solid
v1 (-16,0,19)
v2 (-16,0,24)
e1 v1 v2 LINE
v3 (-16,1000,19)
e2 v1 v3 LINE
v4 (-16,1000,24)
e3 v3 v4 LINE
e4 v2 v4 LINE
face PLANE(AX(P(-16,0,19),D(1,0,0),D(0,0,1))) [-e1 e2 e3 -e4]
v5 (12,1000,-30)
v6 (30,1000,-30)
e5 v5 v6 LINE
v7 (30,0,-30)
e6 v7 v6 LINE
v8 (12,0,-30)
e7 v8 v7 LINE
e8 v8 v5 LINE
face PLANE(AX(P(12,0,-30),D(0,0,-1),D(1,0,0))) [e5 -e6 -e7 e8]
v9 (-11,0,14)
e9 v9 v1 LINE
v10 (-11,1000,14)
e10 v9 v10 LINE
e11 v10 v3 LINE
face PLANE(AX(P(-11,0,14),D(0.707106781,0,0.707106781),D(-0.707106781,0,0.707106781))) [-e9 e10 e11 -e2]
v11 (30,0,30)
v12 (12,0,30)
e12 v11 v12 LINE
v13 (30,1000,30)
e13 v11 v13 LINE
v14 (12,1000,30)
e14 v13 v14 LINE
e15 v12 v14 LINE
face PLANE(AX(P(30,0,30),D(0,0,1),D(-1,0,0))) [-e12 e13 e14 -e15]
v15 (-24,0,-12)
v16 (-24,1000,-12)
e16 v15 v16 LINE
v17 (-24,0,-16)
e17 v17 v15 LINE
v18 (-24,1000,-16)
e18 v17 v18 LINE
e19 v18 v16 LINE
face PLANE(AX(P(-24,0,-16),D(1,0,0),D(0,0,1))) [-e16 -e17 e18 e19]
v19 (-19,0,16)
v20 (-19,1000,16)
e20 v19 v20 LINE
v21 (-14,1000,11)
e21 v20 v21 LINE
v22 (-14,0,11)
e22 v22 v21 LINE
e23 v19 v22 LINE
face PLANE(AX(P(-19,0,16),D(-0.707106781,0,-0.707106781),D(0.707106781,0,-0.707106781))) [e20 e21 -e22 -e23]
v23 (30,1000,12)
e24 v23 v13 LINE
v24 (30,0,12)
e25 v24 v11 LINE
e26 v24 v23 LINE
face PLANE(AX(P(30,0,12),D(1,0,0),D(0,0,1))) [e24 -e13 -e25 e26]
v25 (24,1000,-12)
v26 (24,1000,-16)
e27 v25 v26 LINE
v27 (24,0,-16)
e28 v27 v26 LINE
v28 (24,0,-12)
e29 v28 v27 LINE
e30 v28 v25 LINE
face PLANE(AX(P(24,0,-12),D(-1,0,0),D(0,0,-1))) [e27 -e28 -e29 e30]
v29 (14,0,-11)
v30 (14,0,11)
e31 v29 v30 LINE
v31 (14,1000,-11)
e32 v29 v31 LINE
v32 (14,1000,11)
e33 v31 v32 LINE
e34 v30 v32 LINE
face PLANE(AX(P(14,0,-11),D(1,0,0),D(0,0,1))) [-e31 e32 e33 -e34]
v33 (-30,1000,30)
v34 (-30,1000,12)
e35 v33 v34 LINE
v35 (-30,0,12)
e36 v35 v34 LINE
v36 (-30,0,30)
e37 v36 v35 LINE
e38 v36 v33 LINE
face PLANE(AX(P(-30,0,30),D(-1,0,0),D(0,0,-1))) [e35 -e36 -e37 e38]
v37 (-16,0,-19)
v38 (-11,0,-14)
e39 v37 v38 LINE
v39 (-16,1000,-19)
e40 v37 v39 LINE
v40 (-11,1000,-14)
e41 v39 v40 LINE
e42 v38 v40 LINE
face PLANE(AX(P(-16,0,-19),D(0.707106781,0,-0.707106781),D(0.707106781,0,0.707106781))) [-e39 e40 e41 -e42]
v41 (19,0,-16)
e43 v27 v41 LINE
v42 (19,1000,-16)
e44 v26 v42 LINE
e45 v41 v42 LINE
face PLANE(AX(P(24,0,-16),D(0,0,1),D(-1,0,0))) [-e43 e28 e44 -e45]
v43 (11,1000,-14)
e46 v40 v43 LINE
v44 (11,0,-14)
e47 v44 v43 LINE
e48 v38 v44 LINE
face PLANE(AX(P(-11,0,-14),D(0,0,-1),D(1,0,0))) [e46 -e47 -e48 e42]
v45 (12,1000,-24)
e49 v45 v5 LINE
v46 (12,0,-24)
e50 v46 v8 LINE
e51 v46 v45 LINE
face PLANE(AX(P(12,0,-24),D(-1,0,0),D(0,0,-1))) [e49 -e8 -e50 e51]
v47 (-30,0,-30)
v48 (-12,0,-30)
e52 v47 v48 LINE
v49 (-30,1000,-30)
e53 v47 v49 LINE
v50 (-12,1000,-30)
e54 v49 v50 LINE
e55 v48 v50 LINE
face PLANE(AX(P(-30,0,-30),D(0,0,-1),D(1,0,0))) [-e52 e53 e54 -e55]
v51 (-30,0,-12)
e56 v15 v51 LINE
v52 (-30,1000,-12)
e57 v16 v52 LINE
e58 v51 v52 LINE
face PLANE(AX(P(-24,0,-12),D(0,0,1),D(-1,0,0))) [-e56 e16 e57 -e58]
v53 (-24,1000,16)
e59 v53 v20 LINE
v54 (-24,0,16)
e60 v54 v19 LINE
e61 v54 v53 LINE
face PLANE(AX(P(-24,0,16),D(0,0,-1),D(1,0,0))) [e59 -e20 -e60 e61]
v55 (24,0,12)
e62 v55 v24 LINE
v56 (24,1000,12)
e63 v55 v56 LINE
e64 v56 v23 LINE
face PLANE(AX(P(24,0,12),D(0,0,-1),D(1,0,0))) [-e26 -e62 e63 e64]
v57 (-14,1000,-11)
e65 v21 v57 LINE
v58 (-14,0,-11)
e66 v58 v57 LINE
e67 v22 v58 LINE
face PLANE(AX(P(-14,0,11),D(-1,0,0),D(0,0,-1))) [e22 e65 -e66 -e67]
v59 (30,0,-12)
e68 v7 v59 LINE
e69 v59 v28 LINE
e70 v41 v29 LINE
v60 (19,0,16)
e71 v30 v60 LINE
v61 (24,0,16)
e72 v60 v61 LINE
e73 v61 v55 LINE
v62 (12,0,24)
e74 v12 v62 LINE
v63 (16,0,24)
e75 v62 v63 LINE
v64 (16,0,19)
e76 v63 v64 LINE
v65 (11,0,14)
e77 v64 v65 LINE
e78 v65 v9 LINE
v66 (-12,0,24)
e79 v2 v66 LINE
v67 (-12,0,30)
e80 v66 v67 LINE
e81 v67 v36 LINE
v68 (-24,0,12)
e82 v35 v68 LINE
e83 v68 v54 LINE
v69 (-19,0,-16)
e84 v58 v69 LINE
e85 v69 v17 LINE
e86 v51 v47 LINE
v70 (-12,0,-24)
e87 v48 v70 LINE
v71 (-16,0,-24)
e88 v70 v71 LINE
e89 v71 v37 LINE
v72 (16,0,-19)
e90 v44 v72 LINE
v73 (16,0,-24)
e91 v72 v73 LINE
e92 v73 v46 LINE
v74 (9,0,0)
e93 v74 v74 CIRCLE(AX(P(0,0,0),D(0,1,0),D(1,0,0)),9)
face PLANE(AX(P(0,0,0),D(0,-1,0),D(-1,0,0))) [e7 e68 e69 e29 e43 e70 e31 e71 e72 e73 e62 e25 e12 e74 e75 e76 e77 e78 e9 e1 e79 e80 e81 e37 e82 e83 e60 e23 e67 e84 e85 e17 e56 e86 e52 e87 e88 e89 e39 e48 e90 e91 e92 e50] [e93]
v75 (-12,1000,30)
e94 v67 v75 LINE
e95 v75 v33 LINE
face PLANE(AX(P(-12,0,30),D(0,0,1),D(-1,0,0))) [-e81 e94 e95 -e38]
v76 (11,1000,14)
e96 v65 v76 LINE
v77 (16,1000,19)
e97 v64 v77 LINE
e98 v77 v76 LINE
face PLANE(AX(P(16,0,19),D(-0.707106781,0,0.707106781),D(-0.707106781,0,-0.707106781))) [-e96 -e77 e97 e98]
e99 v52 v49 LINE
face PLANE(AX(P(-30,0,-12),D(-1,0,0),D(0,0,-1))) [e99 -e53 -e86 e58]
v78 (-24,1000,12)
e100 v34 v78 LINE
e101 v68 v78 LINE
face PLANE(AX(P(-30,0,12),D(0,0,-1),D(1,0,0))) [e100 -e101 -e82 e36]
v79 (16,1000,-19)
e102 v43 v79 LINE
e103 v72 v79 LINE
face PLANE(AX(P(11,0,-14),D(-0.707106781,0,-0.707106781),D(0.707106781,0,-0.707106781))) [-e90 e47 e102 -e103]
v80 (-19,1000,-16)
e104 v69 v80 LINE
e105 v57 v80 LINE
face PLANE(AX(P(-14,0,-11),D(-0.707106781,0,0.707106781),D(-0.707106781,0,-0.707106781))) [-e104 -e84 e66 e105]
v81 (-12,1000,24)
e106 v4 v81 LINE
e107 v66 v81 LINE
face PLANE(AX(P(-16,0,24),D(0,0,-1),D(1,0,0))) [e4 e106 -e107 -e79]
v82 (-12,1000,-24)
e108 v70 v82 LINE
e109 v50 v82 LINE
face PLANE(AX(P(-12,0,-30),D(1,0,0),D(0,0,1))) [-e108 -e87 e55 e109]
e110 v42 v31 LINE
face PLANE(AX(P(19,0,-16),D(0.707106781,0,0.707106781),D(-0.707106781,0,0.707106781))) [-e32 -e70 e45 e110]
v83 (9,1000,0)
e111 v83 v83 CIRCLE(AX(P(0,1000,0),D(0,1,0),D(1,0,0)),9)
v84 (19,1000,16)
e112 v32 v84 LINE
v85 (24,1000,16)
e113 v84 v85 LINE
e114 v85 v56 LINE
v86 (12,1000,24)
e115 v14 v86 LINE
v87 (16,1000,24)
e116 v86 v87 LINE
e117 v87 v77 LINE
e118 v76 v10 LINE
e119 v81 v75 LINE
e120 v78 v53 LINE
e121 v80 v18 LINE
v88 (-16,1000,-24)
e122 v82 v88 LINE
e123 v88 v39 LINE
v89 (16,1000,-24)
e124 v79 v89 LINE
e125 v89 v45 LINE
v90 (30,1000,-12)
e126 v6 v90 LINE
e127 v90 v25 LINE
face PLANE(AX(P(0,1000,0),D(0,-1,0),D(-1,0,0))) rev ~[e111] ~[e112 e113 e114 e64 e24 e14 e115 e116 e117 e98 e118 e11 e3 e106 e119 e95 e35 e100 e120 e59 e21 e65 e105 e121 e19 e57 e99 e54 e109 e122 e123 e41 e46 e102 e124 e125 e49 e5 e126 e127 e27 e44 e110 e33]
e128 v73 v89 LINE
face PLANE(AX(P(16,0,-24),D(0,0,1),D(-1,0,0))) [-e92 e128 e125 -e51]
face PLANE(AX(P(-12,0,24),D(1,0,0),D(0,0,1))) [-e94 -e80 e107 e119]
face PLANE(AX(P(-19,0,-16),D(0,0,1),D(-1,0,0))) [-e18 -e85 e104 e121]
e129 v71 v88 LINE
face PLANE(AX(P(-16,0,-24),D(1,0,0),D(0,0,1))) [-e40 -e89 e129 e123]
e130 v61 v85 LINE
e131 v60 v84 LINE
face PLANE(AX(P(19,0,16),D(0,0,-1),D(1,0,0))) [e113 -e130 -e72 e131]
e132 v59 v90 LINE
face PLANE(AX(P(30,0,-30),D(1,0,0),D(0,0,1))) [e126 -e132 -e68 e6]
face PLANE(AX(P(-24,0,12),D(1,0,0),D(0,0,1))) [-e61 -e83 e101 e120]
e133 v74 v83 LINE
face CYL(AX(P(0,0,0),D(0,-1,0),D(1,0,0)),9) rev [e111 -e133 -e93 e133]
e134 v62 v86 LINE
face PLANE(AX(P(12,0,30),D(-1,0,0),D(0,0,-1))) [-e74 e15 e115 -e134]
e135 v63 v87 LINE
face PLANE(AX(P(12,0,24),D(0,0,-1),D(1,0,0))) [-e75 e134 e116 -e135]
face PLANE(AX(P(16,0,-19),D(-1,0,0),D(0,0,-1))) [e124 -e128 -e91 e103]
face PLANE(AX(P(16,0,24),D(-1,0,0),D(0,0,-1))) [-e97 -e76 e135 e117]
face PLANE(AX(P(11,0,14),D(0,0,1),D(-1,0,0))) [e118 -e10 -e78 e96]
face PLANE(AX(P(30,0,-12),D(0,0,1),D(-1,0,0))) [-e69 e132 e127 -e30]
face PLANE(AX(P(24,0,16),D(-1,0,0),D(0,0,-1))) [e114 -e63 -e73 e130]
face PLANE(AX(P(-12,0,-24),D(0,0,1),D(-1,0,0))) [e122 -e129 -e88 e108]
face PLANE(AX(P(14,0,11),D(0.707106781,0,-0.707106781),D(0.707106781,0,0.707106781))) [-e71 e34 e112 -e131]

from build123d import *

# Parameters (mm, degrees)
SKETCH1_R           = 9
BOSS_EXTRUDE1_DEPTH = 1000


with BuildPart() as part:
    # Sketch1 → Boss-Extrude1 (new body)
    with BuildSketch(Plane(origin=(0, 0, 0), x_dir=(1, 0, 0), z_dir=(0, 1, 0))):
        Polygon((-30, 30), (-12, 30), (-12, 24), (-16, 24), (-16, 19), (-11, 14), (11, 14), (16, 19), (16, 24), (12, 24), (12, 30), (30, 30), (30, 12), (24, 12), (24, 16), (19, 16), (14, 11), (14, -11), (19, -16), (24, -16), (24, -12), (30, -12), (30, -30), (12, -30), (12, -24), (16, -24), (16, -19), (11, -14), (-11, -14), (-16, -19), (-16, -24), (-12, -24), (-12, -30), (-30, -30), (-30, -12), (-24, -12), (-24, -16), (-19, -16), (-14, -11), (-14, 11), (-19, 16), (-24, 16), (-24, 12), (-30, 12), align=None)
        Circle(SKETCH1_R, mode=Mode.SUBTRACT)
    extrude(amount=BOSS_EXTRUDE1_DEPTH)


solid = part.part
